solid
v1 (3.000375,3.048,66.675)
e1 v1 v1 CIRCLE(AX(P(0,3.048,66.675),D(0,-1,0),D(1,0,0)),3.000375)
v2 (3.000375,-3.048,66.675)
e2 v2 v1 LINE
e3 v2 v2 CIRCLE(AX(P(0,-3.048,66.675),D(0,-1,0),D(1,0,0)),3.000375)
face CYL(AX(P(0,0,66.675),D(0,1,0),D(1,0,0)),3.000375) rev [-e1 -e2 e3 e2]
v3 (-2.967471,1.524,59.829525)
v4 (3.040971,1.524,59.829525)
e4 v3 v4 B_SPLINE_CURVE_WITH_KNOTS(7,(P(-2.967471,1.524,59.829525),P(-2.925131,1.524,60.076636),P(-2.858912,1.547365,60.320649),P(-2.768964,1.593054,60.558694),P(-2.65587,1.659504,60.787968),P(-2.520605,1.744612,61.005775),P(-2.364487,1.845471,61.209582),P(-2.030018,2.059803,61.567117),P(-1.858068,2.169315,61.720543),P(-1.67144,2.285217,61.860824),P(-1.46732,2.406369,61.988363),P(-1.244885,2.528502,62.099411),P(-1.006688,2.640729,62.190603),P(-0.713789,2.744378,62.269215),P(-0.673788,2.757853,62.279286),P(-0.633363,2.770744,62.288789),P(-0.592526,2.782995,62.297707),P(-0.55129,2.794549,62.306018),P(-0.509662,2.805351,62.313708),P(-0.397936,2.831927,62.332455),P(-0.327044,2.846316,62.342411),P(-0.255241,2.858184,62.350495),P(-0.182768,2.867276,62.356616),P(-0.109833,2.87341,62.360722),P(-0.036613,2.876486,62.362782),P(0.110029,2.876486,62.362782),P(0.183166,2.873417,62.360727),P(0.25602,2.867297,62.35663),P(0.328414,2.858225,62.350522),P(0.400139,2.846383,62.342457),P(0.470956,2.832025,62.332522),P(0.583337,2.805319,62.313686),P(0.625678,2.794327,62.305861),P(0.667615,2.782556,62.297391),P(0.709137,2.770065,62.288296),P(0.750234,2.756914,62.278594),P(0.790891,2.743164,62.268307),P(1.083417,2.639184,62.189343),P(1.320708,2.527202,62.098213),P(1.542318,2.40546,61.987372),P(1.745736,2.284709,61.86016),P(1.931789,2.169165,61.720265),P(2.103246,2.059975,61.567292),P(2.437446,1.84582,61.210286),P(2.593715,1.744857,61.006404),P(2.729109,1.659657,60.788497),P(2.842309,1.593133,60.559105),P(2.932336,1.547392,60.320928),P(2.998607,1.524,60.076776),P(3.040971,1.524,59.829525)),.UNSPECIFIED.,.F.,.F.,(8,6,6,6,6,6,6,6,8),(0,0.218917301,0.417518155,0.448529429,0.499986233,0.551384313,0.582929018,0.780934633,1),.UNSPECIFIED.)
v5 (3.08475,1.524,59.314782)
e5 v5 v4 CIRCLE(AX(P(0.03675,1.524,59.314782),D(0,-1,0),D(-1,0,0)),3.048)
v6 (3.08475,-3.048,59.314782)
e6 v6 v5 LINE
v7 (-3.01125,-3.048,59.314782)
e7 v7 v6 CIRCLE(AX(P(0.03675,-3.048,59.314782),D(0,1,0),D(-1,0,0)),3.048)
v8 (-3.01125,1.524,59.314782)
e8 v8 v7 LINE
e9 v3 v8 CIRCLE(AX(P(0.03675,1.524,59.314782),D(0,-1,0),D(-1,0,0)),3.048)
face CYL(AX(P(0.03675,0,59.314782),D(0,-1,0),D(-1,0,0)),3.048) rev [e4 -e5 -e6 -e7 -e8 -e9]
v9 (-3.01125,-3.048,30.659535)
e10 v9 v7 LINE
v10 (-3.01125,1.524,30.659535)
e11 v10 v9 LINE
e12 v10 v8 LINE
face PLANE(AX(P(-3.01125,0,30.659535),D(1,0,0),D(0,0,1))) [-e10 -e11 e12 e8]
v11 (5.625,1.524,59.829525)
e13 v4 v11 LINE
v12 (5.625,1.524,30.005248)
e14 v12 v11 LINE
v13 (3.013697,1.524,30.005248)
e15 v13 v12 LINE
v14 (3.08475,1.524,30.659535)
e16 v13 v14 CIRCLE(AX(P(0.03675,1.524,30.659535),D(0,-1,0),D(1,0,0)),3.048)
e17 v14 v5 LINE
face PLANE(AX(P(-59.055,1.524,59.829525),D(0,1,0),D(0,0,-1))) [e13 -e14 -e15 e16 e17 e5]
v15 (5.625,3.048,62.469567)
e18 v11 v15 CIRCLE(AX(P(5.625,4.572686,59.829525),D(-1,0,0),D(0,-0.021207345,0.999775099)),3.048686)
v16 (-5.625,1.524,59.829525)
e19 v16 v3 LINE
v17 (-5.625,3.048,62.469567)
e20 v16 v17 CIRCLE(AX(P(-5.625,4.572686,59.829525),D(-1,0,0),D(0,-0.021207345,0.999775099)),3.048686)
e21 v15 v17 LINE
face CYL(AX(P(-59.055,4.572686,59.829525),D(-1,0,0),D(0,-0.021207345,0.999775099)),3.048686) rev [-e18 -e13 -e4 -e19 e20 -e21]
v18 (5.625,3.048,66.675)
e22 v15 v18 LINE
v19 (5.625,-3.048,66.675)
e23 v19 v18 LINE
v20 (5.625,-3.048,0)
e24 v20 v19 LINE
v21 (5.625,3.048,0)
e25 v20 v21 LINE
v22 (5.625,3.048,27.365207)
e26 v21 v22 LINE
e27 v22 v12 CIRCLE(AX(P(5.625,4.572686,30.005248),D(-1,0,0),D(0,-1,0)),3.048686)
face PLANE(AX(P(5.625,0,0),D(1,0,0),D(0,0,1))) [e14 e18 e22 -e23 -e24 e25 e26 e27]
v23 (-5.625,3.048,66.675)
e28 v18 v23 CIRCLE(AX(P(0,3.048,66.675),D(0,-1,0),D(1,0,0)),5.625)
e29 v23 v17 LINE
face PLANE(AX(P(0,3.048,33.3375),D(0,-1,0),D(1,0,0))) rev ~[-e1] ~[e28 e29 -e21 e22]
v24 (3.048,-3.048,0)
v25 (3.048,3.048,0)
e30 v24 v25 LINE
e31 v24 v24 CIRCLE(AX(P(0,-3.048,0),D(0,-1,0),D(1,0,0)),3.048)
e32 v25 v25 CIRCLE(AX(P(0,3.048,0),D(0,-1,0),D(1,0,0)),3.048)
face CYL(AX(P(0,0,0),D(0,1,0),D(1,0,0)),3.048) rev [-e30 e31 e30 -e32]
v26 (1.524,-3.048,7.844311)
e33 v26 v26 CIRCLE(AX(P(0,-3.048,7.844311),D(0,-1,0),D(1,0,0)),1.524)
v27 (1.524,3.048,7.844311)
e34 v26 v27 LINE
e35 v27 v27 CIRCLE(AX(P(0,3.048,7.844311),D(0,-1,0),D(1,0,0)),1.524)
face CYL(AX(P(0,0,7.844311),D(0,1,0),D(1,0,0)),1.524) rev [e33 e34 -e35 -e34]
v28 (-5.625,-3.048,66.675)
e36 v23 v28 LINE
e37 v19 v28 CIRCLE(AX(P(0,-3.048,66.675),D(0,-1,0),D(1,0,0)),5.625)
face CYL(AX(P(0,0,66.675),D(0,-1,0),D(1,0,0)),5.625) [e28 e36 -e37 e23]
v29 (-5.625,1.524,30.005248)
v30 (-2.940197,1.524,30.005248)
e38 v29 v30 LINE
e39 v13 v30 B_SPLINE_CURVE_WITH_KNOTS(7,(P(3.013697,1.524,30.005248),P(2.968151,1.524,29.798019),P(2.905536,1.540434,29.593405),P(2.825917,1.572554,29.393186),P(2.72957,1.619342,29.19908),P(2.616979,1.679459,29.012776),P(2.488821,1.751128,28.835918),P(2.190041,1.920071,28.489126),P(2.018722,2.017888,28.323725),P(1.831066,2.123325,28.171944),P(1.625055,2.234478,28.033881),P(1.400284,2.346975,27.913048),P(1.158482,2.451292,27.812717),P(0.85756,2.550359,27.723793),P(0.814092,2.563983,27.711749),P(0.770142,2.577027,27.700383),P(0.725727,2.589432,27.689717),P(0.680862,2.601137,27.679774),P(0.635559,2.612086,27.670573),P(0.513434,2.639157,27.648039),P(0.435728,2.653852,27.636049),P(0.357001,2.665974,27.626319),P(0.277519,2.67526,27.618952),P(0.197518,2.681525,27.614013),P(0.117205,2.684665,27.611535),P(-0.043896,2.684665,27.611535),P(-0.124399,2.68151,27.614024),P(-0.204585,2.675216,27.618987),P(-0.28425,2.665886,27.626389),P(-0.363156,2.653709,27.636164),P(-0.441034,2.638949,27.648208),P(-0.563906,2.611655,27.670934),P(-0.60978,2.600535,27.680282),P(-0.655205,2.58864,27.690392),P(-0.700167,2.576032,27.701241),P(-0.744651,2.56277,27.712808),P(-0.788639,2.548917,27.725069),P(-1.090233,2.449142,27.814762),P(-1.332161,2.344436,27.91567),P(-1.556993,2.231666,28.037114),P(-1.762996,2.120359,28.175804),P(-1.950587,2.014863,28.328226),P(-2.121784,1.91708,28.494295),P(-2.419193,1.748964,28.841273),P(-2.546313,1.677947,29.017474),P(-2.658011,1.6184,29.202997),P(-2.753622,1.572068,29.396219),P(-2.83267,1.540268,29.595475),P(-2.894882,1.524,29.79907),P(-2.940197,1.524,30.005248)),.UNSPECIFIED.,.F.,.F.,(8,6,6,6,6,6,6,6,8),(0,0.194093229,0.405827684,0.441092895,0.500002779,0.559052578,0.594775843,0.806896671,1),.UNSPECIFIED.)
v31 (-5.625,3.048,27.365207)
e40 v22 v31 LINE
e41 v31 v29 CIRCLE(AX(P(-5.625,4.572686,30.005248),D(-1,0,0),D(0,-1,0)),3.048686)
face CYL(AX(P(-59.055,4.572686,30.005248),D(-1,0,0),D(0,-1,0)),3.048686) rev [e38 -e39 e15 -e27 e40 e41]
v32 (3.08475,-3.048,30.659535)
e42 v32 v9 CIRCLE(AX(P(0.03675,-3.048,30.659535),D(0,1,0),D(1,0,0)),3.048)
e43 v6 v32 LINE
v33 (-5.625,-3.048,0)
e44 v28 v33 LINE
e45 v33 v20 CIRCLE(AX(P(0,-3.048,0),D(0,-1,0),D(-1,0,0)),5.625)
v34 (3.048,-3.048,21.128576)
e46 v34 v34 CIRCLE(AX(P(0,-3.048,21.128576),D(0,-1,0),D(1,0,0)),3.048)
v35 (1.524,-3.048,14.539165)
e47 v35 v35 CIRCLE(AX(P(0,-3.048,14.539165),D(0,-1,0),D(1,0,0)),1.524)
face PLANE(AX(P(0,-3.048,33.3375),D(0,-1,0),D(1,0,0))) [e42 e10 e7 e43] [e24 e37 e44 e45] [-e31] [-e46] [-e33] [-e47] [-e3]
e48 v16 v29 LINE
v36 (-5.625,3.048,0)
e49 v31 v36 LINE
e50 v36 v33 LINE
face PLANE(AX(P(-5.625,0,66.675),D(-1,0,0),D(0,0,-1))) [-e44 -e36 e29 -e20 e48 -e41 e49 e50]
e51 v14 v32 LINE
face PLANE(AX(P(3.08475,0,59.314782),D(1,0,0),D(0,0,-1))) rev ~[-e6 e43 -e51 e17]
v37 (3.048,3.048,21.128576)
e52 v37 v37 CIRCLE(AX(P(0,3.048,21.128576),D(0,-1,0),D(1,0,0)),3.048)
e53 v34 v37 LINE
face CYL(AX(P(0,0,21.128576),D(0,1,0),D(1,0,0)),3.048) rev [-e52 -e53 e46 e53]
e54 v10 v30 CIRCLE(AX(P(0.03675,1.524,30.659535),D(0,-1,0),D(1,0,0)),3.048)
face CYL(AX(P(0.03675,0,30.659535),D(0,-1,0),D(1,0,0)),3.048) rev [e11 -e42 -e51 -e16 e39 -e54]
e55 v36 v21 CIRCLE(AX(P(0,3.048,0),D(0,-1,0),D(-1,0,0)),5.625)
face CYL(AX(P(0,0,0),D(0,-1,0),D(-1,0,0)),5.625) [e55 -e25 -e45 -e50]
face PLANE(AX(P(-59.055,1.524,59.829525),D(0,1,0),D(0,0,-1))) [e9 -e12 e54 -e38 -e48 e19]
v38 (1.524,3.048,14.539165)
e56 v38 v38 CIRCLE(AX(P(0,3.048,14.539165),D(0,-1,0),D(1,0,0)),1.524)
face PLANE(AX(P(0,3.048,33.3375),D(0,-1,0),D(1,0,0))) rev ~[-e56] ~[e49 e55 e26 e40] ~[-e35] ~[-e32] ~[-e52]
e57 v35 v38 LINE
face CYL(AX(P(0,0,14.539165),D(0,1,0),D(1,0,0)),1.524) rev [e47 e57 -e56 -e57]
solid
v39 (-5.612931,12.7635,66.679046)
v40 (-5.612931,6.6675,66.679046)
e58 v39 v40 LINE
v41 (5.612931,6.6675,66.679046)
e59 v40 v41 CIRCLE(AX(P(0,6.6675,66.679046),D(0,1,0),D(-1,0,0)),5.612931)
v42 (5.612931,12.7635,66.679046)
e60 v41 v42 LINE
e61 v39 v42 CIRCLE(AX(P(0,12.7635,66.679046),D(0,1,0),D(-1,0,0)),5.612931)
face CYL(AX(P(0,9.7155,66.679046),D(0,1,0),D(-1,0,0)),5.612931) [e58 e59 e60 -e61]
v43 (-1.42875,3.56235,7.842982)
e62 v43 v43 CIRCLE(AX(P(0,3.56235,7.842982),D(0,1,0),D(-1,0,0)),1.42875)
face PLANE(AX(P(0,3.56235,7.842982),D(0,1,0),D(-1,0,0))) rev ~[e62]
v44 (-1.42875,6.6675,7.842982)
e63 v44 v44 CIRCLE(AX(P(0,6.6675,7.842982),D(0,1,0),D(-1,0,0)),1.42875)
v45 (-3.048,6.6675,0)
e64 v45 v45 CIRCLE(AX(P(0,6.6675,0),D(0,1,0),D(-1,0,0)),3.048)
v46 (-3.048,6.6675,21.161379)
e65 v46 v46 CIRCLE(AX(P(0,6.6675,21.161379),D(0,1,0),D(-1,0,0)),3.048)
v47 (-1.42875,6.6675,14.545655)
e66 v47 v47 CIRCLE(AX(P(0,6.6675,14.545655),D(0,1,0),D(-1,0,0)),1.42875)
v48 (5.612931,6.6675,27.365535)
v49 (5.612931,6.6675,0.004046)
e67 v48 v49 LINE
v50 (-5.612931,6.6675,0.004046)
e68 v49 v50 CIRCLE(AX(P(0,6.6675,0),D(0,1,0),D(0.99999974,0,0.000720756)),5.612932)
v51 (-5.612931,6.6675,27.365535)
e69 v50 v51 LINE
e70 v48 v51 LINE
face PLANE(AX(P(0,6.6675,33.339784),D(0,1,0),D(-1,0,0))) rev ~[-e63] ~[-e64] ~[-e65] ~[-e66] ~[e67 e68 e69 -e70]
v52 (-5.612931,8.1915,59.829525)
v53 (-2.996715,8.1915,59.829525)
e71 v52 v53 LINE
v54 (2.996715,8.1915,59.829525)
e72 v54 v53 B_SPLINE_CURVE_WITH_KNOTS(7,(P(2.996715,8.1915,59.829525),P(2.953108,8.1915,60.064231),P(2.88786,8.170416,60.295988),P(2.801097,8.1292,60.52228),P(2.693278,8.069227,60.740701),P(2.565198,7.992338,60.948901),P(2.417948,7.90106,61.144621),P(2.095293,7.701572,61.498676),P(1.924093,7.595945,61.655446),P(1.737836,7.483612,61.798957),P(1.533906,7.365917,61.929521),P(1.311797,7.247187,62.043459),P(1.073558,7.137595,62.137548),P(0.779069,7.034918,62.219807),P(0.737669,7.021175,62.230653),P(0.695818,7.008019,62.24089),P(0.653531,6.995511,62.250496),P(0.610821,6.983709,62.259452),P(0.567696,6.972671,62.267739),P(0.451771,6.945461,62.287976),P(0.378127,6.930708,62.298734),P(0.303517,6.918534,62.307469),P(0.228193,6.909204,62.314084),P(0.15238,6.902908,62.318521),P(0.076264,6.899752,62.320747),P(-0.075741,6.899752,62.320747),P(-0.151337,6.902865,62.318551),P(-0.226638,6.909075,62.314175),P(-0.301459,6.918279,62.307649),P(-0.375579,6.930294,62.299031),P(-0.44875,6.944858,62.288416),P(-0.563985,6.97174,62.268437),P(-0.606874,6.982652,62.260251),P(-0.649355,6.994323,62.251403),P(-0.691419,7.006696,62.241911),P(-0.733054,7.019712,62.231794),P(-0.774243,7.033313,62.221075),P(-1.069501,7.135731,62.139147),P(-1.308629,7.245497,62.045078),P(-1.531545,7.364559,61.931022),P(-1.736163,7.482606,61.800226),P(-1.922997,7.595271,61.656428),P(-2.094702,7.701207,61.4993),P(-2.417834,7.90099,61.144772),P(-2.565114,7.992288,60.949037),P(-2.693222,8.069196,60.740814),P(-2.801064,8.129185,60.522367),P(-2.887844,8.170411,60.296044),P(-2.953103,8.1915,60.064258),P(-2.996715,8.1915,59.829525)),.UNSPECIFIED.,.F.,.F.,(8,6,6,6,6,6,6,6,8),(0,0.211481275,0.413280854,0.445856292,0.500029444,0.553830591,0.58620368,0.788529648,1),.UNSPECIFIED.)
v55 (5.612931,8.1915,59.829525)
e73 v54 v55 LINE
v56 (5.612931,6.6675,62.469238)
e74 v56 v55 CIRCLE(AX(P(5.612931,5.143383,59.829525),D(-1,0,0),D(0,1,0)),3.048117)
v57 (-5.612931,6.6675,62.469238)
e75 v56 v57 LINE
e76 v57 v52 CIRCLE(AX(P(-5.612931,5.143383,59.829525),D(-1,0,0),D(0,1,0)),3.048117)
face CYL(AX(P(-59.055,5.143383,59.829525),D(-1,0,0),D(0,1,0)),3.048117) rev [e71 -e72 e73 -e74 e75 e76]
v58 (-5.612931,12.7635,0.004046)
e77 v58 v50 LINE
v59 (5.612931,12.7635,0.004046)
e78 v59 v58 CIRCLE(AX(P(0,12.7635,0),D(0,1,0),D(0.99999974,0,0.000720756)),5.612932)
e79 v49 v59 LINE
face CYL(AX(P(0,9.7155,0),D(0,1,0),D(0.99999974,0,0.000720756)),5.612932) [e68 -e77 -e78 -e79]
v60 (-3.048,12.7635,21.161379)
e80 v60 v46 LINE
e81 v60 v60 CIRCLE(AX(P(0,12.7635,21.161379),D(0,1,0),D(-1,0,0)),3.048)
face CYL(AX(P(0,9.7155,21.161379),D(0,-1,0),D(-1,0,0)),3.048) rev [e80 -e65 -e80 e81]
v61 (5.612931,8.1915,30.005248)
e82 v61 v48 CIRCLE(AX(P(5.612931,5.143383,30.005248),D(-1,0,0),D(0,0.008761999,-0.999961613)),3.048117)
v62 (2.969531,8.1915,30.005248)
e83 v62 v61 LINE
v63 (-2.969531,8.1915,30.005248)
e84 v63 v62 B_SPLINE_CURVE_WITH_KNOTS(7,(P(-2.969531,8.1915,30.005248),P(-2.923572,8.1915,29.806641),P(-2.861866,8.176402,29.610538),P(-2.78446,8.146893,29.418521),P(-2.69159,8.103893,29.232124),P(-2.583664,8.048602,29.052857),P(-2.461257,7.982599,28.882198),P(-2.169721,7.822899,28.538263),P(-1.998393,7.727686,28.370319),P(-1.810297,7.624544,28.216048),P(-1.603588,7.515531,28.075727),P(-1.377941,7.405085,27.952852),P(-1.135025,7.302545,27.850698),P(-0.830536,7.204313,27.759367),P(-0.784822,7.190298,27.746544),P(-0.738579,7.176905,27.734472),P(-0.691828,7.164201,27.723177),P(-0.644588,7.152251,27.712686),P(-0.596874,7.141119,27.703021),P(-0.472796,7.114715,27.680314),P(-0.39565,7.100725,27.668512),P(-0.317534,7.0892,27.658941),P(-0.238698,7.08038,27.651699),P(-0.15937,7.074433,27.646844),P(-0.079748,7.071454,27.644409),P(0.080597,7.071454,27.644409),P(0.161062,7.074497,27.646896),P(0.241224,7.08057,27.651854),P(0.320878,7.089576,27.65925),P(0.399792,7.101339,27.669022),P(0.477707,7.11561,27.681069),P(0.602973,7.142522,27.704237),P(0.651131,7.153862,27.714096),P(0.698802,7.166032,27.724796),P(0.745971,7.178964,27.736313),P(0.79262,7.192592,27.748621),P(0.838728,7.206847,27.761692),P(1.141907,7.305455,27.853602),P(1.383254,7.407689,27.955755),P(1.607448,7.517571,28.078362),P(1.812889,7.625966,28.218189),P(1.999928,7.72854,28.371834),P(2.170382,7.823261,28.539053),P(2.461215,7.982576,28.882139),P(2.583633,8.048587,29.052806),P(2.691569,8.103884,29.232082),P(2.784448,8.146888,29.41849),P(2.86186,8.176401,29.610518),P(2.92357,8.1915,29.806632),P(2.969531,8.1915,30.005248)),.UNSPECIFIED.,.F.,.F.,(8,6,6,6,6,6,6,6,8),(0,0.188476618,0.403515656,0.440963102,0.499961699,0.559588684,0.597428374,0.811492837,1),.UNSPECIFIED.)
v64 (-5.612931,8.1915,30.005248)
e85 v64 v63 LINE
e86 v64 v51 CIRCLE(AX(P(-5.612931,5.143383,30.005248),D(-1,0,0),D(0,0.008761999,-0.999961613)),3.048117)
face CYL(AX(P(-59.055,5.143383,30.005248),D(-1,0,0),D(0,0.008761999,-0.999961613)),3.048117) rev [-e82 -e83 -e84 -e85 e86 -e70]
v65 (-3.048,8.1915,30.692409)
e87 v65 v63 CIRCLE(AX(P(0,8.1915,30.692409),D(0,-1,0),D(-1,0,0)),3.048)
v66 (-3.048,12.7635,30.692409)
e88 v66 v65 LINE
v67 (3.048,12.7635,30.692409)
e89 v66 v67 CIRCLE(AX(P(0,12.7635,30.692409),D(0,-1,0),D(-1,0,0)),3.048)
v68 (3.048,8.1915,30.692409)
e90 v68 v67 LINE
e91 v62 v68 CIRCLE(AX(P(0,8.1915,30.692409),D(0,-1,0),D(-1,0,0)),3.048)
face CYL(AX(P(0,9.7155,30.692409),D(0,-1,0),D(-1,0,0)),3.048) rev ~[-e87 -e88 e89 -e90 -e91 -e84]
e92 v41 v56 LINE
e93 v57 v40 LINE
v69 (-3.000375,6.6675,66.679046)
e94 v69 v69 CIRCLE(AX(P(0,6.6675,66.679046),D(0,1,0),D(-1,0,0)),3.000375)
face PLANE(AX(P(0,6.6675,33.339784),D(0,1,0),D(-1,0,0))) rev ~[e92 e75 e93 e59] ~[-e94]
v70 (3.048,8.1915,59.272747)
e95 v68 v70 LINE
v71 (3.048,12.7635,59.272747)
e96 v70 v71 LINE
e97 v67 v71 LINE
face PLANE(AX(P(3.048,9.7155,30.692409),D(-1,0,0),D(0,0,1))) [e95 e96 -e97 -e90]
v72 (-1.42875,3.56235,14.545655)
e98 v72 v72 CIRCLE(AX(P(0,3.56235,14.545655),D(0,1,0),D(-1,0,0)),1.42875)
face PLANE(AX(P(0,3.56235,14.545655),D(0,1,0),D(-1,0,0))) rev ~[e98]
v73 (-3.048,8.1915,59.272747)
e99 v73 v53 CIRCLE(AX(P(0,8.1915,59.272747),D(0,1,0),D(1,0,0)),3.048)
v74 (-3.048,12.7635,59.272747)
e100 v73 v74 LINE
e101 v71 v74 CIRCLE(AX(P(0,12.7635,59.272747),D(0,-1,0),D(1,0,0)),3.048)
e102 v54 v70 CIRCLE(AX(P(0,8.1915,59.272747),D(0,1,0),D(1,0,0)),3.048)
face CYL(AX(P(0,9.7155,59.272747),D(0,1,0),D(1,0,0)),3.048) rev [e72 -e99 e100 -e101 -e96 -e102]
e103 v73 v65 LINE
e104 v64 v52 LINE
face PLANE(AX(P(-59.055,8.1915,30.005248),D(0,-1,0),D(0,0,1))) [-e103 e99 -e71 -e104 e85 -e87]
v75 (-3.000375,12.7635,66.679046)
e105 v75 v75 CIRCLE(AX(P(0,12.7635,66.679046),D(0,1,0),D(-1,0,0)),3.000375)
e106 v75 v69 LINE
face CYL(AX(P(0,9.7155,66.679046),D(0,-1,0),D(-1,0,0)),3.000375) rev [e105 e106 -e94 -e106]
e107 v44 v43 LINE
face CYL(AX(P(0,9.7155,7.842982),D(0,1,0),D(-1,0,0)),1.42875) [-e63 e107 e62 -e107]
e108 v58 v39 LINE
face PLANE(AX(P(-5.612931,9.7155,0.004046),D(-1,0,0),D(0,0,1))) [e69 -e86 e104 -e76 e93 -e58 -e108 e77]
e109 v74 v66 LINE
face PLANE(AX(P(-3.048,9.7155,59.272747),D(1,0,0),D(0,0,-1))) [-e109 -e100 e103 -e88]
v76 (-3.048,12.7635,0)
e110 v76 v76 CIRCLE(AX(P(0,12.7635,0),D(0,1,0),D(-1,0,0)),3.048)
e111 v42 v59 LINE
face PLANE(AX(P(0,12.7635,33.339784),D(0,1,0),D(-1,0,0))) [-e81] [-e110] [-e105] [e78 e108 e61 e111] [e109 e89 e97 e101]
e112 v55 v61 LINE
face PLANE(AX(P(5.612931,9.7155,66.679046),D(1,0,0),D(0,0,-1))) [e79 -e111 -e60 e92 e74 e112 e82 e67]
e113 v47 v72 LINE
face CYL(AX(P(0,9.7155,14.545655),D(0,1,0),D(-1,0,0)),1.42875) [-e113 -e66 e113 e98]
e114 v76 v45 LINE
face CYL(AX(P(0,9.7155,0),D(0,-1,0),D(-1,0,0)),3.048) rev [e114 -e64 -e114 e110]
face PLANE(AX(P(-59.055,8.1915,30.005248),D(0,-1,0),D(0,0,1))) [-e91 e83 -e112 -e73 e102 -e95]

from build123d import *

# Parameters (mm, degrees)
F0_R      = 0.4064
F0_R_2    = 0.2032
F0_R_3    = 0.40005
F1_DEPTH  = 0.4064
F4_R      = 0.4064
F4_R_2    = 0.1905
F4_R_3    = 0.40005
F6_DEPTH  = 0.4064
F7_DEPTH  = 0.82042
F9_DEPTH  = 12.7
F10_DEPTH = 11.1252
F11_SCALE = 7.5


with BuildPart() as f1:
    # F0 (on Front) → F1 (new body, symmetric)
    with BuildSketch(Plane.XZ):
        with BuildLine():
            ThreePointArc((0.75, 8.89), (0, 9.64), (-0.75, 8.89))
            Line((-0.75, 8.89), (-0.75, 0))
            ThreePointArc((-0.75, 0), (0, -0.75), (0.75, 0))
            Line((0.75, 0), (0.75, 8.89))
        make_face()
        Circle(F0_R, mode=Mode.SUBTRACT)
        with Locations((0, 1.0459080804)):
            Circle(F0_R_2, mode=Mode.SUBTRACT)
        with Locations((0, 1.9385553896)):
            Circle(F0_R_2, mode=Mode.SUBTRACT)
        with Locations((0, 2.8171434533)):
            Circle(F0_R, mode=Mode.SUBTRACT)
        with BuildLine():
            ThreePointArc((-0.4015, 7.9086376354), (0.0049, 8.3150376354), (0.4113, 7.9086376354))
            Line((0.4113, 7.9086376354), (0.4113, 4.0879380144))
            ThreePointArc((0.4113, 4.0879380144), (0.0049, 3.6815380144), (-0.4015, 4.0879380144))
            Line((-0.4015, 4.0879380144), (-0.4015, 7.9086376354))
        make_face(mode=Mode.SUBTRACT)
        with Locations((0, 8.89)):
            Circle(F0_R_3, mode=Mode.SUBTRACT)
    extrude(amount=F1_DEPTH, both=True)

    # F8 (on offset) → F10 (cut)
    with BuildSketch(Plane.YZ.offset(-7.874)):
        with BuildLine():
            ThreePointArc((0.6010708166, 8.3836700556), (0.3192267269, 8.2616387189), (0.2032, 7.9772700556))
            Line((0.2032, 7.9772700556), (0.2032, 4.0006997783))
            ThreePointArc((0.2032, 4.0006997783), (0.3192267269, 3.716331115), (0.6010708166, 3.5942997783))
            Line((0.6010708166, 3.5942997783), (0.6010708166, 8.3836700556))
        make_face()
    extrude(amount=F10_DEPTH, mode=Mode.SUBTRACT)


with BuildPart() as f6:
    # F4 (on offset) → F6 (new body, symmetric)
    with BuildSketch(Plane(origin=(0, 1.2954, 0), x_dir=(-1, 0, 0), z_dir=(0, 1, 0))):
        with BuildLine():
            ThreePointArc((0.7483907909, 8.8905394077), (0, 9.6389301985), (-0.7483907909, 8.8905394077))
            Line((-0.7483907909, 8.8905394077), (-0.7483907909, 0.0005394077))
            ThreePointArc((-0.7483907909, 0.0005394077), (0, -0.7483909852), (0.7483907909, 0.0005394077))
            Line((0.7483907909, 0.0005394077), (0.7483907909, 8.8905394077))
        make_face()
        Circle(F4_R, mode=Mode.SUBTRACT)
        with Locations((0, 1.0457308963)):
            Circle(F4_R_2, mode=Mode.SUBTRACT)
        with Locations((0, 1.9394207047)):
            Circle(F4_R_2, mode=Mode.SUBTRACT)
        with Locations((0, 2.8215172576)):
            Circle(F4_R, mode=Mode.SUBTRACT)
        with BuildLine():
            ThreePointArc((-0.4064, 7.9030329362), (0, 8.3094329362), (0.4064, 7.9030329362))
            Line((0.4064, 7.9030329362), (0.4064, 4.0923212655))
            ThreePointArc((0.4064, 4.0923212655), (0, 3.6859212655), (-0.4064, 4.0923212655))
            Line((-0.4064, 4.0923212655), (-0.4064, 7.9030329362))
        make_face(mode=Mode.SUBTRACT)
        with Locations((0, 8.8905394077)):
            Circle(F4_R_3, mode=Mode.SUBTRACT)
        with Locations((0, 1.0457308963)):
            Circle(F4_R_2)
        with Locations((0, 1.9394207047)):
            Circle(F4_R_2)
    extrude(amount=F6_DEPTH, both=True)

    # F4 (on offset) → F7 (join)
    with BuildSketch(Plane(origin=(0, 1.2954, 0), x_dir=(-1, 0, 0), z_dir=(0, 1, 0))):
        with Locations((0, 1.0457308963)):
            Circle(F4_R_2)
        with Locations((0, 1.9394207047)):
            Circle(F4_R_2)
    extrude(amount=-F7_DEPTH)

    # F8 (on offset) → F9 (cut)
    with BuildSketch(Plane.YZ.offset(-7.874)):
        with BuildLine():
            Line((1.0922, 4.0006997783), (1.0922, 7.9772700556))
            ThreePointArc((1.0922, 7.9772700556), (0.9744198888, 8.2633875048), (0.689345412, 8.3836700556))
            Line((0.689345412, 8.3836700556), (0.689345412, 3.5942997783))
            ThreePointArc((0.689345412, 3.5942997783), (0.9744198888, 3.7145823291), (1.0922, 4.0006997783))
        make_face()
    extrude(amount=F9_DEPTH, mode=Mode.SUBTRACT)


with BuildPart() as f1_1:
    # F11: moved
    add(f1.part.scale(F11_SCALE))


with BuildPart() as f6_1:
    # F11: moved
    add(f6.part.scale(F11_SCALE))


solid = Compound([f1_1.part, f6_1.part])
